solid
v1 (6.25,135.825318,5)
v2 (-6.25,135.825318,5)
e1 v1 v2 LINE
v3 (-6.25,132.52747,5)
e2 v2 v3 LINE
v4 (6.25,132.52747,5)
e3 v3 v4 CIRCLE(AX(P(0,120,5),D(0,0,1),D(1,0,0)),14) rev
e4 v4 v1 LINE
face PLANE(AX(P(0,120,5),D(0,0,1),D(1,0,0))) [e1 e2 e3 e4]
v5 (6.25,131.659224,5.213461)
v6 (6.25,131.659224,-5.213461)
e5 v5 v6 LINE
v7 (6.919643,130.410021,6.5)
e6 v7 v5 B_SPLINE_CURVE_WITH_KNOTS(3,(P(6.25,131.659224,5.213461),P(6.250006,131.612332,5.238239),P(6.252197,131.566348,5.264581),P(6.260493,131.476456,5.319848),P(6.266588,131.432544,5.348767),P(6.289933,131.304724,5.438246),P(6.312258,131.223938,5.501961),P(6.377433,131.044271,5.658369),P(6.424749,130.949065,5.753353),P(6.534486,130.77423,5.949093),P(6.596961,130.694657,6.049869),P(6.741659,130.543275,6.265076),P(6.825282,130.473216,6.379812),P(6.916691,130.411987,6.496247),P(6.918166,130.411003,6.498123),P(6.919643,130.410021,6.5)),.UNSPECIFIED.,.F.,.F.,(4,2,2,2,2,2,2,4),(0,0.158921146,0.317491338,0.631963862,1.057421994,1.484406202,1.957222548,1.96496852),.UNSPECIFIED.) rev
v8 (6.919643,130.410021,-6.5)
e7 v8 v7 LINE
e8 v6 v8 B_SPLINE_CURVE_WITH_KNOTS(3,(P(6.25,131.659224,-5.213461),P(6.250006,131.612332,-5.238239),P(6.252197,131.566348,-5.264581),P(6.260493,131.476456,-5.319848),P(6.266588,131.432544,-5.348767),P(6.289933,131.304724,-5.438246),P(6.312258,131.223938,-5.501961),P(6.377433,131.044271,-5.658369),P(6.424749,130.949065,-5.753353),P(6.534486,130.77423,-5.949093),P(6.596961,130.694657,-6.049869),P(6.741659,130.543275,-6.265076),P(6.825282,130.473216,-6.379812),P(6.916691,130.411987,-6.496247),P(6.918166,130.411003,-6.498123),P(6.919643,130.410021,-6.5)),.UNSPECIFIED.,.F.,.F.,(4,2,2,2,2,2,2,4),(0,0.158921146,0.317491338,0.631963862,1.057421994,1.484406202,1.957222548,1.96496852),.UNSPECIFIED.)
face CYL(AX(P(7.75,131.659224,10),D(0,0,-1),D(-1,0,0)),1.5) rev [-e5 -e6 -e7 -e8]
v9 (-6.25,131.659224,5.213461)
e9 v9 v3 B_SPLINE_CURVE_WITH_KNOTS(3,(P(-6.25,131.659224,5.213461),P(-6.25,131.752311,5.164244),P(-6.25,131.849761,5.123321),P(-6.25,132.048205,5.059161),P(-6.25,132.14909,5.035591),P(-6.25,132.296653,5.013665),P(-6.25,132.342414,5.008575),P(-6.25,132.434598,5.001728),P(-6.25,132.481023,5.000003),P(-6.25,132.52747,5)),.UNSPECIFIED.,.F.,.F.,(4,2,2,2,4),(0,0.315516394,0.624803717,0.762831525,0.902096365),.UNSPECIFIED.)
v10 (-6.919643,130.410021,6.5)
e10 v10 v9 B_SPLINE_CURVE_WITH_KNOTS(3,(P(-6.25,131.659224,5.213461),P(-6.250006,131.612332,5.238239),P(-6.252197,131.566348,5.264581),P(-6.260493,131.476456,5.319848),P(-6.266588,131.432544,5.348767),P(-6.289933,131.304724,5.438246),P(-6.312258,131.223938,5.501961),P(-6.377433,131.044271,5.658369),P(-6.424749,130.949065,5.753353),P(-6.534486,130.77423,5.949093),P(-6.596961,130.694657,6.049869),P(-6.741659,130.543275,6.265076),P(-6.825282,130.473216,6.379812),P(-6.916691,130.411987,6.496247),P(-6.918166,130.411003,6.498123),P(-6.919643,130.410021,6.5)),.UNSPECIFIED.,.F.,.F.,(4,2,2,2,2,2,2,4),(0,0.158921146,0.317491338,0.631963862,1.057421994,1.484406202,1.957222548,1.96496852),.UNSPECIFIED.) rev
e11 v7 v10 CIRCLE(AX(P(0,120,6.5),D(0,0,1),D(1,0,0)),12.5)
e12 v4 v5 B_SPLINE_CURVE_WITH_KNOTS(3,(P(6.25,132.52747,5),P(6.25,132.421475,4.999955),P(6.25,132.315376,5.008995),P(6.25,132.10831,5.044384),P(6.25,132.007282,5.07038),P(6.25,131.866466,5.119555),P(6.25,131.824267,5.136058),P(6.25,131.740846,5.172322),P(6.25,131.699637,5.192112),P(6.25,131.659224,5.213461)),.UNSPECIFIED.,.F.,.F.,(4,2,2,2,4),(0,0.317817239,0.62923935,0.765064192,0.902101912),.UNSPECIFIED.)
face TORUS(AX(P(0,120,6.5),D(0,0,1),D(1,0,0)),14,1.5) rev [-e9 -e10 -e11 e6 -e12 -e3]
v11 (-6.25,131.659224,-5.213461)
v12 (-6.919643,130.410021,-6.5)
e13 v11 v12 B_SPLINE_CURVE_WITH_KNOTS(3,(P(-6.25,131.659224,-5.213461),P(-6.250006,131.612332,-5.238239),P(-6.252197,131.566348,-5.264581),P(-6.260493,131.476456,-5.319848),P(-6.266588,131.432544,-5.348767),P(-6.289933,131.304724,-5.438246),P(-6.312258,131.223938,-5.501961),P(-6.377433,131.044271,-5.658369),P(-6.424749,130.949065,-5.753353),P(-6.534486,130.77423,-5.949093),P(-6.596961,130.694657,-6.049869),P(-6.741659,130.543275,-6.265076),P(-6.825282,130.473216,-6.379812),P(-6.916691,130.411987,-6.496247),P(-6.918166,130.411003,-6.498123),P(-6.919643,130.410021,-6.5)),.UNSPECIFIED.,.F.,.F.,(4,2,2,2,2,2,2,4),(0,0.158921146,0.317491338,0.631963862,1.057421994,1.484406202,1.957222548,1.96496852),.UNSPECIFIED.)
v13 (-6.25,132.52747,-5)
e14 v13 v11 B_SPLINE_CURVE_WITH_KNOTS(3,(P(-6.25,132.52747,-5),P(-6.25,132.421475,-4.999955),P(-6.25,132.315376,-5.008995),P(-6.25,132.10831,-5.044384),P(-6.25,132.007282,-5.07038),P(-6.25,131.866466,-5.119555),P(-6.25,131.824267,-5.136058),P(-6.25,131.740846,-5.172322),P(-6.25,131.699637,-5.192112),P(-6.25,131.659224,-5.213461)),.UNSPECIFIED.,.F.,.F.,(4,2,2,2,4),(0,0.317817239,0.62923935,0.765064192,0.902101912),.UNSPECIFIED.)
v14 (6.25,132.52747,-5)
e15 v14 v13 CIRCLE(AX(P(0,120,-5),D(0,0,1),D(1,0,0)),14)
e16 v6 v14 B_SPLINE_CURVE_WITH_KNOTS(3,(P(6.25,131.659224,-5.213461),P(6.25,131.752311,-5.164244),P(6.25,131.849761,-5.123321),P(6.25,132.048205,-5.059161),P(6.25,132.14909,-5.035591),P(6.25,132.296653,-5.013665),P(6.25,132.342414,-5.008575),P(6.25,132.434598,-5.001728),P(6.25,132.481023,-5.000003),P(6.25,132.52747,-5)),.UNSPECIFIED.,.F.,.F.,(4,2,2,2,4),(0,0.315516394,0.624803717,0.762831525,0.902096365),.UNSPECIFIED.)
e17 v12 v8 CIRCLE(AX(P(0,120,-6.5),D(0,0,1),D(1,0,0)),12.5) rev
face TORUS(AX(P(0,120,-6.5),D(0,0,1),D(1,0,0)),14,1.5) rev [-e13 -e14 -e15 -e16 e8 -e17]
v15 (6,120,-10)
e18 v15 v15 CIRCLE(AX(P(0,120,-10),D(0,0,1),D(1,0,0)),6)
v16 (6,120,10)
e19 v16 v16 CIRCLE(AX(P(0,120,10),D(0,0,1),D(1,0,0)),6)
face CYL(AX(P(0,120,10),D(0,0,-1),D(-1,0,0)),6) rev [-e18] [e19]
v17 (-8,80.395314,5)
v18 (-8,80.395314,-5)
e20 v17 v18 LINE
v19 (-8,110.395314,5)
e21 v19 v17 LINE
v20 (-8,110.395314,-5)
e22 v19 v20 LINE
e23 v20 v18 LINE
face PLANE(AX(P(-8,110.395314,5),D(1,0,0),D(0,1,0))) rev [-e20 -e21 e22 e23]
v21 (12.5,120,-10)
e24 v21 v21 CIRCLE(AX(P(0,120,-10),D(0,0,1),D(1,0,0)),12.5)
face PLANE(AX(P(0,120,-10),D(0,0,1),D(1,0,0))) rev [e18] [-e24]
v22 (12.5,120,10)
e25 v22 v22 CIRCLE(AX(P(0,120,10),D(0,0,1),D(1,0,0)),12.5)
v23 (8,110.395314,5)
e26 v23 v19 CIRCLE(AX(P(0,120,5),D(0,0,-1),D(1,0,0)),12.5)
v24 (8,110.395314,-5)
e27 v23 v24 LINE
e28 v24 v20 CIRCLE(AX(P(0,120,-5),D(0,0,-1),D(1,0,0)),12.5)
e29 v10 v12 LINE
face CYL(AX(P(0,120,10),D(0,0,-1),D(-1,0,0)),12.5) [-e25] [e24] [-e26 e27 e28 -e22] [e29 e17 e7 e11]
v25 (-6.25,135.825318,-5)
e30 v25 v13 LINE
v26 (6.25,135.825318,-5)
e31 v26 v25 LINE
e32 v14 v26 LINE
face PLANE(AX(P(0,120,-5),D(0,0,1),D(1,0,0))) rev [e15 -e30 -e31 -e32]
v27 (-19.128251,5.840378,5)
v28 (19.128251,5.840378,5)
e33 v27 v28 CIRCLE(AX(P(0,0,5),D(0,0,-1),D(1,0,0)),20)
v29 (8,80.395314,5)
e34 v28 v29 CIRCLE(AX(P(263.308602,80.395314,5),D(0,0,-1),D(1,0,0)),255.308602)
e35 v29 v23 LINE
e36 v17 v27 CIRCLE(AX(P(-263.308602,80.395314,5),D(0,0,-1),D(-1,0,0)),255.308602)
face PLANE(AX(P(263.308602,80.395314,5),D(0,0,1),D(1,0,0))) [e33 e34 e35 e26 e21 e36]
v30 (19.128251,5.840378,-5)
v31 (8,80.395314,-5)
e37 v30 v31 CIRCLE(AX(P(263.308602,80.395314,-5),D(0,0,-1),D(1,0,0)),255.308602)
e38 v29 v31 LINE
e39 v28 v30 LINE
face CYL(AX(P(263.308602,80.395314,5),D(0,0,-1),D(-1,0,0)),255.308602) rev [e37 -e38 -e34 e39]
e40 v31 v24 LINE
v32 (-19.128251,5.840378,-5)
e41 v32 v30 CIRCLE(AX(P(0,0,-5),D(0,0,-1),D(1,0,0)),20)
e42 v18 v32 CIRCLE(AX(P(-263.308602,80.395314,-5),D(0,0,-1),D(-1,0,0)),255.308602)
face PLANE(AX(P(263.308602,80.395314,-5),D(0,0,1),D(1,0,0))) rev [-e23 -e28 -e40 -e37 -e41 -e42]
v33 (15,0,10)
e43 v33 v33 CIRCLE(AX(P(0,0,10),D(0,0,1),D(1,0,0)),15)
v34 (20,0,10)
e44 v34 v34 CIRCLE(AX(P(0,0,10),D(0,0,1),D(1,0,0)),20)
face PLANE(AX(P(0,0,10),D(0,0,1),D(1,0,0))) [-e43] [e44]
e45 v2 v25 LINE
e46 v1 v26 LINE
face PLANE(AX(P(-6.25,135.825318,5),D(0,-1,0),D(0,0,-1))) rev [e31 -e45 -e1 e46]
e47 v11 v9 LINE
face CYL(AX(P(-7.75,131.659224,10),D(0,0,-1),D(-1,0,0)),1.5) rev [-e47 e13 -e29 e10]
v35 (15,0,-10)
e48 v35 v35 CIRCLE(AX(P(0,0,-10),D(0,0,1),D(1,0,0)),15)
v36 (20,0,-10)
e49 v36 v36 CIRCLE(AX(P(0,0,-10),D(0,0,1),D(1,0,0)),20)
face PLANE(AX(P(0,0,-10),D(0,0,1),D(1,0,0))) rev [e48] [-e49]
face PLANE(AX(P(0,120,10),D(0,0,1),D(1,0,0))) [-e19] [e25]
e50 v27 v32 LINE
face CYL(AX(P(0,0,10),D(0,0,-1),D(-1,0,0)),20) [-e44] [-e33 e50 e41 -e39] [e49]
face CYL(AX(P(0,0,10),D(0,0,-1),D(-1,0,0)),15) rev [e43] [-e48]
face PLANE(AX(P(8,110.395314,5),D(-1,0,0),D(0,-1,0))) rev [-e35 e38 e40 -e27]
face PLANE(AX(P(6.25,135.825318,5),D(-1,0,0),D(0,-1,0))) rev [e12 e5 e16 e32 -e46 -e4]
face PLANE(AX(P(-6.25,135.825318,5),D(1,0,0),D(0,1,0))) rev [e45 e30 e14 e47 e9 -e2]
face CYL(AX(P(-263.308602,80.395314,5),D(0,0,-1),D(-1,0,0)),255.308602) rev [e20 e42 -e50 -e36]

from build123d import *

# Parameters (mm, degrees)
SKETCH3_R             = 20
SKETCH3_R_2           = 15
BOSS_EXTRUDE3_DEPTH   = 10
SKETCH3_R_3           = 12.5
SKETCH3_R_4           = 6
BOSS_EXTRUDE3_2_DEPTH = 10
BOSS_EXTRUDE4_DEPTH   = 5
BOSS_EXTRUDE5_DEPTH   = 5
FILLET1_R             = 1.5


with BuildPart() as part:
    # Sketch3 → Boss-Extrude3 (new body, symmetric)
    with BuildSketch(Plane.XY):
        Circle(SKETCH3_R)
        Circle(SKETCH3_R_2, mode=Mode.SUBTRACT)
    extrude(amount=BOSS_EXTRUDE3_DEPTH, both=True)



with BuildPart() as body_2:
    # Sketch3 → Boss-Extrude3 2 (new body, symmetric)
    with BuildSketch(Plane.XY):
        with Locations((0, 120)):
            Circle(SKETCH3_R_3)
        with Locations((0, 120)):
            Circle(SKETCH3_R_4, mode=Mode.SUBTRACT)
    extrude(amount=BOSS_EXTRUDE3_2_DEPTH, both=True)


with BuildPart() as part_1:
    add(part.part)

    add(body_2.part)  # Boss-Extrude4 merges body 2
    # Sketch4 → Boss-Extrude4 (add, symmetric)
    with BuildSketch(Plane.XY):
        with BuildLine():
            Line((8, 110.395313644), (8, 80.395313644))
            ThreePointArc((8, 80.395313644), (10.797388085, 42.704875811), (19.128250996, 5.840377886))
            ThreePointArc((19.128250996, 5.840377886), (0, 20), (-19.128250996, 5.840377886))
            ThreePointArc((-19.128250996, 5.840377886), (-10.797388085, 42.704875811), (-8, 80.395313644))
            Line((-8, 80.395313644), (-8, 110.395313644))
            ThreePointArc((-8, 110.395313644), (0, 107.5), (8, 110.395313644))
        make_face()
    extrude(amount=BOSS_EXTRUDE4_DEPTH, both=True)

    # Sketch5 → Boss-Extrude5 (add, symmetric)
    with BuildSketch(Plane.XY):
        with BuildLine():
            Line((-6.25, 135.825317547), (-6.25, 130.825317547))
            ThreePointArc((-6.25, 130.825317547), (0, 132.5), (6.25, 130.825317547))
            Line((6.25, 130.825317547), (6.25, 135.825317547))
            Line((6.25, 135.825317547), (-6.25, 135.825317547))
        make_face()
    extrude(amount=BOSS_EXTRUDE5_DEPTH, both=True)

    # Fillet1
    fillet1_edges = [part_1.edges().sort_by_distance(p)[0] for p in [
        (0, 132.5, -5),
        (-6.25, 130.825317547, 0),
        (6.25, 130.825317547, 0),
        (0, 132.5, 5),
    ]]
    fillet(fillet1_edges, radius=FILLET1_R)


solid = part_1.part
